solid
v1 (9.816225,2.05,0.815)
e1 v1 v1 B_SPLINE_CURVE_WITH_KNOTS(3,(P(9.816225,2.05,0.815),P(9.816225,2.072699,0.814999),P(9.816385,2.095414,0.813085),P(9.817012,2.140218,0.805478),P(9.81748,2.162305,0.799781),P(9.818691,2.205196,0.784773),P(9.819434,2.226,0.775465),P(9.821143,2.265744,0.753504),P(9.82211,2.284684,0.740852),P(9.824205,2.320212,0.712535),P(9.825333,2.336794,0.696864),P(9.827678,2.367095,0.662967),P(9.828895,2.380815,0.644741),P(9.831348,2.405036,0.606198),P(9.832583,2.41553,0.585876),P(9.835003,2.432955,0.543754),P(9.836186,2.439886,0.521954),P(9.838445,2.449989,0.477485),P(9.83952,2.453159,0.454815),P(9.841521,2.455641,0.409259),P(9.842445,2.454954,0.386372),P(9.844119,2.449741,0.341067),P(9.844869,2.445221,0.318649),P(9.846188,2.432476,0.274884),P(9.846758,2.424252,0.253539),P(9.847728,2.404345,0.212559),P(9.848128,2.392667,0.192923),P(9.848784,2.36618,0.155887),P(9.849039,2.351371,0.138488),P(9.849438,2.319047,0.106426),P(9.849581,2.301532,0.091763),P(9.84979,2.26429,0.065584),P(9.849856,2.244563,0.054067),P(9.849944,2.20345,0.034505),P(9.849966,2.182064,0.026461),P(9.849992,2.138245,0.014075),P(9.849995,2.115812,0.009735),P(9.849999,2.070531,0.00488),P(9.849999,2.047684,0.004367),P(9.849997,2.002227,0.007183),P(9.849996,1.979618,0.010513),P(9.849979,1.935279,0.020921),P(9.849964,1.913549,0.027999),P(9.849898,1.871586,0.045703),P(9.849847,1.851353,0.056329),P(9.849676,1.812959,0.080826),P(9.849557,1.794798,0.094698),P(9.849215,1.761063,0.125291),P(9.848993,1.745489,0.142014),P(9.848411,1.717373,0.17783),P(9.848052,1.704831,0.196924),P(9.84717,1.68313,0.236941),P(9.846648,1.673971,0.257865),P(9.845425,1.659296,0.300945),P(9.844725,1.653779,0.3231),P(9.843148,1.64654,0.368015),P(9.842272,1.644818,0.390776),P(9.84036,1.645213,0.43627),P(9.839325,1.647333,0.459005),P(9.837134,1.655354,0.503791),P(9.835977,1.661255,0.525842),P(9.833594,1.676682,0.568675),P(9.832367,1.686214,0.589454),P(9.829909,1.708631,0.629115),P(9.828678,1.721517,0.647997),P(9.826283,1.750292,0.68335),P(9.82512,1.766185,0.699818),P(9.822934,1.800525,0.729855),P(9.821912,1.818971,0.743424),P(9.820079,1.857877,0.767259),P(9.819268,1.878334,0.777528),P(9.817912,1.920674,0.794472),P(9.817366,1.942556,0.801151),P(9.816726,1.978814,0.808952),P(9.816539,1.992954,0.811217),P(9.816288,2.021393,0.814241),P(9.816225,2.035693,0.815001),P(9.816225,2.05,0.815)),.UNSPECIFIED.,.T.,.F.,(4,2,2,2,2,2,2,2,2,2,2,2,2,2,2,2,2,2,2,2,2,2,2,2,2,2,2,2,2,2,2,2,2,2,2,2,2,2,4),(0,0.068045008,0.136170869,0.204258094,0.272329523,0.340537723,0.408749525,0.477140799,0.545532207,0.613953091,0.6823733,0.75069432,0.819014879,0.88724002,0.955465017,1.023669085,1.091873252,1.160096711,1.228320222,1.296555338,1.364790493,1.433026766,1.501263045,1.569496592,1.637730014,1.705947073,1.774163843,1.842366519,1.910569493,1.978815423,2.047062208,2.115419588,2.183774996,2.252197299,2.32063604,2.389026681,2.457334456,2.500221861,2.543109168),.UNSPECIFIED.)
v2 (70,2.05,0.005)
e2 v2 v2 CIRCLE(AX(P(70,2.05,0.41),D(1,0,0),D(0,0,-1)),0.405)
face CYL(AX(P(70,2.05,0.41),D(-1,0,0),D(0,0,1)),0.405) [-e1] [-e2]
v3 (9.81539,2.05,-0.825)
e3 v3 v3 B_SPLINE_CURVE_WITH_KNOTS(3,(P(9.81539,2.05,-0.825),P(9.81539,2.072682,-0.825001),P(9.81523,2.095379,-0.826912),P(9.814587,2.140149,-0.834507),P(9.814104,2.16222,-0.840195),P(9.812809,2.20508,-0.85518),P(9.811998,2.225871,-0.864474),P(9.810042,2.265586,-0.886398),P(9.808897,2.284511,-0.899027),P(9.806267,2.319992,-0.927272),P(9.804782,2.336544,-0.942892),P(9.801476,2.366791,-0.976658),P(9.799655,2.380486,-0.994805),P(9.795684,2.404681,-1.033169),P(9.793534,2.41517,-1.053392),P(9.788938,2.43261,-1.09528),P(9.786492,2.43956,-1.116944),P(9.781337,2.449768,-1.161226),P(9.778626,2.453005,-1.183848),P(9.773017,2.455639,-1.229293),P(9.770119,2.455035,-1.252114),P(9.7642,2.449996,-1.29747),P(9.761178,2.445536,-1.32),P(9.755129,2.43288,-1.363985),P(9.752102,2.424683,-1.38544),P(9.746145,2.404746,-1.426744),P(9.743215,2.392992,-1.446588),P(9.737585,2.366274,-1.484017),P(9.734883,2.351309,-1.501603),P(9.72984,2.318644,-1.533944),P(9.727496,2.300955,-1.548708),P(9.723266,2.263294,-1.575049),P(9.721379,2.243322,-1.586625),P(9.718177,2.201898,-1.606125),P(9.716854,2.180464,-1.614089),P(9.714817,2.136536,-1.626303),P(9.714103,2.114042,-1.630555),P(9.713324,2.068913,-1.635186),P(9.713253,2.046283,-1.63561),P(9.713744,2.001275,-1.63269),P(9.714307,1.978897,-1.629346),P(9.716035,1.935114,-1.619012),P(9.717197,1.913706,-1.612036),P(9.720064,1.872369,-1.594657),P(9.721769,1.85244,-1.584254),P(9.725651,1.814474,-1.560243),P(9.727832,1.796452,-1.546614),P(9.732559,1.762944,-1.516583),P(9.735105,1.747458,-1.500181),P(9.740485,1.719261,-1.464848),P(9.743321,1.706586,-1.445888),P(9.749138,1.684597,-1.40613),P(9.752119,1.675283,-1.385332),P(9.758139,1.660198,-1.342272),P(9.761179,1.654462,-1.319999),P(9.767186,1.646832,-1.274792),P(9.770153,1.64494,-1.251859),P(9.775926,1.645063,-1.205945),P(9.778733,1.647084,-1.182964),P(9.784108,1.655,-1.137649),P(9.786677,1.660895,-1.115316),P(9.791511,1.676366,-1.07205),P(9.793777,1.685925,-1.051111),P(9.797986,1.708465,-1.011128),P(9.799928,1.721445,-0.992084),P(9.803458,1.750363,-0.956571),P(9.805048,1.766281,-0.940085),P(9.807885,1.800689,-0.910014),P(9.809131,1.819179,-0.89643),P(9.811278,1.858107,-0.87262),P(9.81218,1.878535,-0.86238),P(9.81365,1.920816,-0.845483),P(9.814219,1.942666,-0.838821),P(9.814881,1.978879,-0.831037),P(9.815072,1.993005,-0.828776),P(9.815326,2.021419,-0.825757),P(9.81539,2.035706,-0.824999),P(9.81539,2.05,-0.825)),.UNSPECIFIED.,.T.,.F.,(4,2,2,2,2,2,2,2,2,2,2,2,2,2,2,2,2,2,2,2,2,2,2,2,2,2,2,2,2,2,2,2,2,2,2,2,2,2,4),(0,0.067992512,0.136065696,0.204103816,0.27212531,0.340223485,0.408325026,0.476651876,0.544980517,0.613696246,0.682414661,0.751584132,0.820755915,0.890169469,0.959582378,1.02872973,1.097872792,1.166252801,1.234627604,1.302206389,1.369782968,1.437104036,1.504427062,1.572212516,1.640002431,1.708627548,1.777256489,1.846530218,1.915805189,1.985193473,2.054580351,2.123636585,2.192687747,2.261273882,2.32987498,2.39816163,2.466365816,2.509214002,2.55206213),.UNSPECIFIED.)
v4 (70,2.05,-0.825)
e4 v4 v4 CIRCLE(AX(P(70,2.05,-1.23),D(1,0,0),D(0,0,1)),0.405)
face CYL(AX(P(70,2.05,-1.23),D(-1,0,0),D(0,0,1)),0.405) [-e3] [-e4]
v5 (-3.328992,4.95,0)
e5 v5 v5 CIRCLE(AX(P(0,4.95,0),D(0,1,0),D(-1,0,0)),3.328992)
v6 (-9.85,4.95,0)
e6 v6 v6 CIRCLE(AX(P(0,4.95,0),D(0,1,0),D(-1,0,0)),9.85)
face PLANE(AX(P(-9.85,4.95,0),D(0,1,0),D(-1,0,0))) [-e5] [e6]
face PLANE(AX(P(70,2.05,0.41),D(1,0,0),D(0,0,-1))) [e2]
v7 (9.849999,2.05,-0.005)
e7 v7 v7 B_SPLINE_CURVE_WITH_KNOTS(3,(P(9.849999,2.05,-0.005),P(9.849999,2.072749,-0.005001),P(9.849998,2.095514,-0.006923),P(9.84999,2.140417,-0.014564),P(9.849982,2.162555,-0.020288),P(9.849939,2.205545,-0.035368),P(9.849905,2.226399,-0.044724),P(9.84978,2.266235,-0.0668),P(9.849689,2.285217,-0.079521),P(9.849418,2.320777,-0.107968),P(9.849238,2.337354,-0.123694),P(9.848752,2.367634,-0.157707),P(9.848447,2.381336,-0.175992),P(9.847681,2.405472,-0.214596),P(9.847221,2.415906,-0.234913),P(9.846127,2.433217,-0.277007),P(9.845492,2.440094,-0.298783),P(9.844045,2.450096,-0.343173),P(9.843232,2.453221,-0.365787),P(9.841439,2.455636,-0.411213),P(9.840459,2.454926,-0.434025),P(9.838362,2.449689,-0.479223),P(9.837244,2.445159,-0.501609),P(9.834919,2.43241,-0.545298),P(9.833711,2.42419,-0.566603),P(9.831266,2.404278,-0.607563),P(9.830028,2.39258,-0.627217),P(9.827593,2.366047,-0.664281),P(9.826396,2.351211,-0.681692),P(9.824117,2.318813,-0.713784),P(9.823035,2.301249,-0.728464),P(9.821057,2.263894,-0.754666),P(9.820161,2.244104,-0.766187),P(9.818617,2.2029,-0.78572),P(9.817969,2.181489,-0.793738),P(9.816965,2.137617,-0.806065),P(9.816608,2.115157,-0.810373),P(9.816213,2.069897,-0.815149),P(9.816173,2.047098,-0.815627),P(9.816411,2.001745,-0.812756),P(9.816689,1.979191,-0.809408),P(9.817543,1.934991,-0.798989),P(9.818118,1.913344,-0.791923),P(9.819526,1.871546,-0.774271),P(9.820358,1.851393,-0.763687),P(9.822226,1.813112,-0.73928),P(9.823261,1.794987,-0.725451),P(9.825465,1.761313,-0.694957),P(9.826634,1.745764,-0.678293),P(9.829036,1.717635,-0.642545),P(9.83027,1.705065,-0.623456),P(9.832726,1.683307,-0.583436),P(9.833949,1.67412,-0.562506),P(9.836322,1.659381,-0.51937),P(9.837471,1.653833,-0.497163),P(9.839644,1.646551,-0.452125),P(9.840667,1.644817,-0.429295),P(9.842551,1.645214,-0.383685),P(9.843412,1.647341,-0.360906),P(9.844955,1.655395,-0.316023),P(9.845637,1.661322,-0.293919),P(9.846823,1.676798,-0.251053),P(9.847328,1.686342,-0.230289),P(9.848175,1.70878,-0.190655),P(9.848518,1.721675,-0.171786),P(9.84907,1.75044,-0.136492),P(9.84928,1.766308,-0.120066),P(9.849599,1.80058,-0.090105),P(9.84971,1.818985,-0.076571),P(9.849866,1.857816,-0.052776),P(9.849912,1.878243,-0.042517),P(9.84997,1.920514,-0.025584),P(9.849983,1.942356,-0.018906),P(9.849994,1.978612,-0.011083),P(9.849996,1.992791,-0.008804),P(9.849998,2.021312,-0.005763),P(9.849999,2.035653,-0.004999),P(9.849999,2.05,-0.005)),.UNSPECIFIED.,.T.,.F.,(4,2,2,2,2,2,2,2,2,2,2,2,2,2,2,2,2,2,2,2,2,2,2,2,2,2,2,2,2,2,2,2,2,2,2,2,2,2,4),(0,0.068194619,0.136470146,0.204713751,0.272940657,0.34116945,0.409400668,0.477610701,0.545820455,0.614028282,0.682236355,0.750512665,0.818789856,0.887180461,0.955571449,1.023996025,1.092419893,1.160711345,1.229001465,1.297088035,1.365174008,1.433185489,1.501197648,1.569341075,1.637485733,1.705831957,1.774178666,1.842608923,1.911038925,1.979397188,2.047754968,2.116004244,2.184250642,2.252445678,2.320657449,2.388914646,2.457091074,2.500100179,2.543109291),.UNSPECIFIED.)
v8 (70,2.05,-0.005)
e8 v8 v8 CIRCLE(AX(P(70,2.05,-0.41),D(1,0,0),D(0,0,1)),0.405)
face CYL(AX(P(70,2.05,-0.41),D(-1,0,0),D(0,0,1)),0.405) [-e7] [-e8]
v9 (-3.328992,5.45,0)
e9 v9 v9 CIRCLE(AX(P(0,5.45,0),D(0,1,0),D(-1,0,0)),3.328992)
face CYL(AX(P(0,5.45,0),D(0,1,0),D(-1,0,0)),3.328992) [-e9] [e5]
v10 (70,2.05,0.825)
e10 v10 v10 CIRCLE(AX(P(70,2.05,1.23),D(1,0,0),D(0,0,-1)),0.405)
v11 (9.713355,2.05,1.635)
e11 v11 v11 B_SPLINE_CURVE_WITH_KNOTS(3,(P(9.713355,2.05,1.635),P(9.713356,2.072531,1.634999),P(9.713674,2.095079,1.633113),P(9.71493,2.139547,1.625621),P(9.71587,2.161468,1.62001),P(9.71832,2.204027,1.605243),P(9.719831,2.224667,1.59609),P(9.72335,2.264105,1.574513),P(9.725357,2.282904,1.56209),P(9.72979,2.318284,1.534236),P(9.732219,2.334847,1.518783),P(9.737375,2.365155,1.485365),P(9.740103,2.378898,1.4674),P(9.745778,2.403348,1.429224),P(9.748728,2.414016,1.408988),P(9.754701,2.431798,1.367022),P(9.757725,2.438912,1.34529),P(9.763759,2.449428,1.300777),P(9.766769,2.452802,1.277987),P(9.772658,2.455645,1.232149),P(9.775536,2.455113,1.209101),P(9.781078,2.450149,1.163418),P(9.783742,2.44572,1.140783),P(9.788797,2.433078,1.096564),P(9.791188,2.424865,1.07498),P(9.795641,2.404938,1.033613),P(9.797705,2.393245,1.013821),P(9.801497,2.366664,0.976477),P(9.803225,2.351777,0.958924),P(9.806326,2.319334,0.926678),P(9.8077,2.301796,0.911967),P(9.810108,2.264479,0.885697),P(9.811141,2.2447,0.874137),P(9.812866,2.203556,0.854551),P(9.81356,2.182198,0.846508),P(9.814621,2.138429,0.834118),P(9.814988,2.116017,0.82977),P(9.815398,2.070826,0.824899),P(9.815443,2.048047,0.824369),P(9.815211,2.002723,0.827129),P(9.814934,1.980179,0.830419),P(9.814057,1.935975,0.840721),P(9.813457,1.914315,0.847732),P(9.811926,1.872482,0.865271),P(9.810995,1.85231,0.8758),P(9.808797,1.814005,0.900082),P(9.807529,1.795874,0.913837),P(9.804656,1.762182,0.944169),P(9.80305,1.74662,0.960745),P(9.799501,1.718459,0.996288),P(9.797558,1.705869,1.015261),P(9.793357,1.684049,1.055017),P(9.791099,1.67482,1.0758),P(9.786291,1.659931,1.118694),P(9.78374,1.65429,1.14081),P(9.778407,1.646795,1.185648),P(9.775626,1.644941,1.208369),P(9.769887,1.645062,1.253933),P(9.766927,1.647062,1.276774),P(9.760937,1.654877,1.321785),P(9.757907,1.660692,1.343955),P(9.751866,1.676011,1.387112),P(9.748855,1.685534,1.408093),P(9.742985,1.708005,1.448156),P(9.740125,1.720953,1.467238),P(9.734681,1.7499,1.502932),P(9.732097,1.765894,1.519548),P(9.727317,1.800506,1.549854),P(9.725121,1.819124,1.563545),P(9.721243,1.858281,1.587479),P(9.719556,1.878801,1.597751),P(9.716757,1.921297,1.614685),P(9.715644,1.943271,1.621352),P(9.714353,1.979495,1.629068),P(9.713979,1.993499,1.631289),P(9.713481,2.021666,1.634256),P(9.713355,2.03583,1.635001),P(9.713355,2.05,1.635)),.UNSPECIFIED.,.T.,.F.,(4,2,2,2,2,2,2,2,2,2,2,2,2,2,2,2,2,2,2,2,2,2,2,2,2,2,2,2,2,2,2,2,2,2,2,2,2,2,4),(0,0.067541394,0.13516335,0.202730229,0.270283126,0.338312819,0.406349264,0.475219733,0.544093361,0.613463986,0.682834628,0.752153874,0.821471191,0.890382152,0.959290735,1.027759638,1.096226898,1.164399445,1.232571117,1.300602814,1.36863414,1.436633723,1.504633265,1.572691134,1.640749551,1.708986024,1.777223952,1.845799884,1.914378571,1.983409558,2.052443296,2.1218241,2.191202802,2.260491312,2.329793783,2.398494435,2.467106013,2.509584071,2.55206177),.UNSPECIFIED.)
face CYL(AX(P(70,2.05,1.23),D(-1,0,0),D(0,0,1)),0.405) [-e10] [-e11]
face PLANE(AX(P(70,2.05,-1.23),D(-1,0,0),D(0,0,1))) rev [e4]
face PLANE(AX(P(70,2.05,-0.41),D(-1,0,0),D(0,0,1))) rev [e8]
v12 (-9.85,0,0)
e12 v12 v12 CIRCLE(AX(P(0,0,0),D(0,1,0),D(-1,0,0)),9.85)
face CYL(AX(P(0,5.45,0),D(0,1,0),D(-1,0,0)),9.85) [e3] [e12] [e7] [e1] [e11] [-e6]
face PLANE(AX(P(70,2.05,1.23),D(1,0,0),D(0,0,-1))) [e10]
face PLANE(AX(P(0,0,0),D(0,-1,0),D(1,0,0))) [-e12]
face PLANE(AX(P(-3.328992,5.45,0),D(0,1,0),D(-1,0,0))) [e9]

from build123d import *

# Parameters (mm, degrees)
SKETCH3_R           = 0.405
BOSS_EXTRUDE2_DEPTH = 70


with BuildPart() as part:
    # Sketch2 → Revolve1 (revolve)
    with BuildSketch(Plane.XY):
        Polygon((0, 0), (-9.85, 0), (-9.85, 4.95), (-3.328991597, 4.95), (-3.328991597, 5.45), (0, 5.45), align=None)
    revolve(axis=Axis((0, 5.45, 0), (0, -1, 0)))

    # Sketch3 → Boss-Extrude2 (add)
    with BuildSketch(Plane(origin=(0, 0, 0), x_dir=(0, 0, -1), z_dir=(1, 0, 0))):
        with Locations(Location((-0.41, 2.05, 0), (0, 0, 180))):
            Circle(SKETCH3_R)
        with Locations(Location((-1.23, 2.05, 0), (0, 0, 180))):
            Circle(SKETCH3_R)
        with Locations(Location((1.23, 2.05, 0), (0, 0, 180))):
            Circle(SKETCH3_R)
        with Locations(Location((0.41, 2.05, 0), (0, 0, 180))):
            Circle(SKETCH3_R)
    extrude(amount=BOSS_EXTRUDE2_DEPTH)


solid = part.part
